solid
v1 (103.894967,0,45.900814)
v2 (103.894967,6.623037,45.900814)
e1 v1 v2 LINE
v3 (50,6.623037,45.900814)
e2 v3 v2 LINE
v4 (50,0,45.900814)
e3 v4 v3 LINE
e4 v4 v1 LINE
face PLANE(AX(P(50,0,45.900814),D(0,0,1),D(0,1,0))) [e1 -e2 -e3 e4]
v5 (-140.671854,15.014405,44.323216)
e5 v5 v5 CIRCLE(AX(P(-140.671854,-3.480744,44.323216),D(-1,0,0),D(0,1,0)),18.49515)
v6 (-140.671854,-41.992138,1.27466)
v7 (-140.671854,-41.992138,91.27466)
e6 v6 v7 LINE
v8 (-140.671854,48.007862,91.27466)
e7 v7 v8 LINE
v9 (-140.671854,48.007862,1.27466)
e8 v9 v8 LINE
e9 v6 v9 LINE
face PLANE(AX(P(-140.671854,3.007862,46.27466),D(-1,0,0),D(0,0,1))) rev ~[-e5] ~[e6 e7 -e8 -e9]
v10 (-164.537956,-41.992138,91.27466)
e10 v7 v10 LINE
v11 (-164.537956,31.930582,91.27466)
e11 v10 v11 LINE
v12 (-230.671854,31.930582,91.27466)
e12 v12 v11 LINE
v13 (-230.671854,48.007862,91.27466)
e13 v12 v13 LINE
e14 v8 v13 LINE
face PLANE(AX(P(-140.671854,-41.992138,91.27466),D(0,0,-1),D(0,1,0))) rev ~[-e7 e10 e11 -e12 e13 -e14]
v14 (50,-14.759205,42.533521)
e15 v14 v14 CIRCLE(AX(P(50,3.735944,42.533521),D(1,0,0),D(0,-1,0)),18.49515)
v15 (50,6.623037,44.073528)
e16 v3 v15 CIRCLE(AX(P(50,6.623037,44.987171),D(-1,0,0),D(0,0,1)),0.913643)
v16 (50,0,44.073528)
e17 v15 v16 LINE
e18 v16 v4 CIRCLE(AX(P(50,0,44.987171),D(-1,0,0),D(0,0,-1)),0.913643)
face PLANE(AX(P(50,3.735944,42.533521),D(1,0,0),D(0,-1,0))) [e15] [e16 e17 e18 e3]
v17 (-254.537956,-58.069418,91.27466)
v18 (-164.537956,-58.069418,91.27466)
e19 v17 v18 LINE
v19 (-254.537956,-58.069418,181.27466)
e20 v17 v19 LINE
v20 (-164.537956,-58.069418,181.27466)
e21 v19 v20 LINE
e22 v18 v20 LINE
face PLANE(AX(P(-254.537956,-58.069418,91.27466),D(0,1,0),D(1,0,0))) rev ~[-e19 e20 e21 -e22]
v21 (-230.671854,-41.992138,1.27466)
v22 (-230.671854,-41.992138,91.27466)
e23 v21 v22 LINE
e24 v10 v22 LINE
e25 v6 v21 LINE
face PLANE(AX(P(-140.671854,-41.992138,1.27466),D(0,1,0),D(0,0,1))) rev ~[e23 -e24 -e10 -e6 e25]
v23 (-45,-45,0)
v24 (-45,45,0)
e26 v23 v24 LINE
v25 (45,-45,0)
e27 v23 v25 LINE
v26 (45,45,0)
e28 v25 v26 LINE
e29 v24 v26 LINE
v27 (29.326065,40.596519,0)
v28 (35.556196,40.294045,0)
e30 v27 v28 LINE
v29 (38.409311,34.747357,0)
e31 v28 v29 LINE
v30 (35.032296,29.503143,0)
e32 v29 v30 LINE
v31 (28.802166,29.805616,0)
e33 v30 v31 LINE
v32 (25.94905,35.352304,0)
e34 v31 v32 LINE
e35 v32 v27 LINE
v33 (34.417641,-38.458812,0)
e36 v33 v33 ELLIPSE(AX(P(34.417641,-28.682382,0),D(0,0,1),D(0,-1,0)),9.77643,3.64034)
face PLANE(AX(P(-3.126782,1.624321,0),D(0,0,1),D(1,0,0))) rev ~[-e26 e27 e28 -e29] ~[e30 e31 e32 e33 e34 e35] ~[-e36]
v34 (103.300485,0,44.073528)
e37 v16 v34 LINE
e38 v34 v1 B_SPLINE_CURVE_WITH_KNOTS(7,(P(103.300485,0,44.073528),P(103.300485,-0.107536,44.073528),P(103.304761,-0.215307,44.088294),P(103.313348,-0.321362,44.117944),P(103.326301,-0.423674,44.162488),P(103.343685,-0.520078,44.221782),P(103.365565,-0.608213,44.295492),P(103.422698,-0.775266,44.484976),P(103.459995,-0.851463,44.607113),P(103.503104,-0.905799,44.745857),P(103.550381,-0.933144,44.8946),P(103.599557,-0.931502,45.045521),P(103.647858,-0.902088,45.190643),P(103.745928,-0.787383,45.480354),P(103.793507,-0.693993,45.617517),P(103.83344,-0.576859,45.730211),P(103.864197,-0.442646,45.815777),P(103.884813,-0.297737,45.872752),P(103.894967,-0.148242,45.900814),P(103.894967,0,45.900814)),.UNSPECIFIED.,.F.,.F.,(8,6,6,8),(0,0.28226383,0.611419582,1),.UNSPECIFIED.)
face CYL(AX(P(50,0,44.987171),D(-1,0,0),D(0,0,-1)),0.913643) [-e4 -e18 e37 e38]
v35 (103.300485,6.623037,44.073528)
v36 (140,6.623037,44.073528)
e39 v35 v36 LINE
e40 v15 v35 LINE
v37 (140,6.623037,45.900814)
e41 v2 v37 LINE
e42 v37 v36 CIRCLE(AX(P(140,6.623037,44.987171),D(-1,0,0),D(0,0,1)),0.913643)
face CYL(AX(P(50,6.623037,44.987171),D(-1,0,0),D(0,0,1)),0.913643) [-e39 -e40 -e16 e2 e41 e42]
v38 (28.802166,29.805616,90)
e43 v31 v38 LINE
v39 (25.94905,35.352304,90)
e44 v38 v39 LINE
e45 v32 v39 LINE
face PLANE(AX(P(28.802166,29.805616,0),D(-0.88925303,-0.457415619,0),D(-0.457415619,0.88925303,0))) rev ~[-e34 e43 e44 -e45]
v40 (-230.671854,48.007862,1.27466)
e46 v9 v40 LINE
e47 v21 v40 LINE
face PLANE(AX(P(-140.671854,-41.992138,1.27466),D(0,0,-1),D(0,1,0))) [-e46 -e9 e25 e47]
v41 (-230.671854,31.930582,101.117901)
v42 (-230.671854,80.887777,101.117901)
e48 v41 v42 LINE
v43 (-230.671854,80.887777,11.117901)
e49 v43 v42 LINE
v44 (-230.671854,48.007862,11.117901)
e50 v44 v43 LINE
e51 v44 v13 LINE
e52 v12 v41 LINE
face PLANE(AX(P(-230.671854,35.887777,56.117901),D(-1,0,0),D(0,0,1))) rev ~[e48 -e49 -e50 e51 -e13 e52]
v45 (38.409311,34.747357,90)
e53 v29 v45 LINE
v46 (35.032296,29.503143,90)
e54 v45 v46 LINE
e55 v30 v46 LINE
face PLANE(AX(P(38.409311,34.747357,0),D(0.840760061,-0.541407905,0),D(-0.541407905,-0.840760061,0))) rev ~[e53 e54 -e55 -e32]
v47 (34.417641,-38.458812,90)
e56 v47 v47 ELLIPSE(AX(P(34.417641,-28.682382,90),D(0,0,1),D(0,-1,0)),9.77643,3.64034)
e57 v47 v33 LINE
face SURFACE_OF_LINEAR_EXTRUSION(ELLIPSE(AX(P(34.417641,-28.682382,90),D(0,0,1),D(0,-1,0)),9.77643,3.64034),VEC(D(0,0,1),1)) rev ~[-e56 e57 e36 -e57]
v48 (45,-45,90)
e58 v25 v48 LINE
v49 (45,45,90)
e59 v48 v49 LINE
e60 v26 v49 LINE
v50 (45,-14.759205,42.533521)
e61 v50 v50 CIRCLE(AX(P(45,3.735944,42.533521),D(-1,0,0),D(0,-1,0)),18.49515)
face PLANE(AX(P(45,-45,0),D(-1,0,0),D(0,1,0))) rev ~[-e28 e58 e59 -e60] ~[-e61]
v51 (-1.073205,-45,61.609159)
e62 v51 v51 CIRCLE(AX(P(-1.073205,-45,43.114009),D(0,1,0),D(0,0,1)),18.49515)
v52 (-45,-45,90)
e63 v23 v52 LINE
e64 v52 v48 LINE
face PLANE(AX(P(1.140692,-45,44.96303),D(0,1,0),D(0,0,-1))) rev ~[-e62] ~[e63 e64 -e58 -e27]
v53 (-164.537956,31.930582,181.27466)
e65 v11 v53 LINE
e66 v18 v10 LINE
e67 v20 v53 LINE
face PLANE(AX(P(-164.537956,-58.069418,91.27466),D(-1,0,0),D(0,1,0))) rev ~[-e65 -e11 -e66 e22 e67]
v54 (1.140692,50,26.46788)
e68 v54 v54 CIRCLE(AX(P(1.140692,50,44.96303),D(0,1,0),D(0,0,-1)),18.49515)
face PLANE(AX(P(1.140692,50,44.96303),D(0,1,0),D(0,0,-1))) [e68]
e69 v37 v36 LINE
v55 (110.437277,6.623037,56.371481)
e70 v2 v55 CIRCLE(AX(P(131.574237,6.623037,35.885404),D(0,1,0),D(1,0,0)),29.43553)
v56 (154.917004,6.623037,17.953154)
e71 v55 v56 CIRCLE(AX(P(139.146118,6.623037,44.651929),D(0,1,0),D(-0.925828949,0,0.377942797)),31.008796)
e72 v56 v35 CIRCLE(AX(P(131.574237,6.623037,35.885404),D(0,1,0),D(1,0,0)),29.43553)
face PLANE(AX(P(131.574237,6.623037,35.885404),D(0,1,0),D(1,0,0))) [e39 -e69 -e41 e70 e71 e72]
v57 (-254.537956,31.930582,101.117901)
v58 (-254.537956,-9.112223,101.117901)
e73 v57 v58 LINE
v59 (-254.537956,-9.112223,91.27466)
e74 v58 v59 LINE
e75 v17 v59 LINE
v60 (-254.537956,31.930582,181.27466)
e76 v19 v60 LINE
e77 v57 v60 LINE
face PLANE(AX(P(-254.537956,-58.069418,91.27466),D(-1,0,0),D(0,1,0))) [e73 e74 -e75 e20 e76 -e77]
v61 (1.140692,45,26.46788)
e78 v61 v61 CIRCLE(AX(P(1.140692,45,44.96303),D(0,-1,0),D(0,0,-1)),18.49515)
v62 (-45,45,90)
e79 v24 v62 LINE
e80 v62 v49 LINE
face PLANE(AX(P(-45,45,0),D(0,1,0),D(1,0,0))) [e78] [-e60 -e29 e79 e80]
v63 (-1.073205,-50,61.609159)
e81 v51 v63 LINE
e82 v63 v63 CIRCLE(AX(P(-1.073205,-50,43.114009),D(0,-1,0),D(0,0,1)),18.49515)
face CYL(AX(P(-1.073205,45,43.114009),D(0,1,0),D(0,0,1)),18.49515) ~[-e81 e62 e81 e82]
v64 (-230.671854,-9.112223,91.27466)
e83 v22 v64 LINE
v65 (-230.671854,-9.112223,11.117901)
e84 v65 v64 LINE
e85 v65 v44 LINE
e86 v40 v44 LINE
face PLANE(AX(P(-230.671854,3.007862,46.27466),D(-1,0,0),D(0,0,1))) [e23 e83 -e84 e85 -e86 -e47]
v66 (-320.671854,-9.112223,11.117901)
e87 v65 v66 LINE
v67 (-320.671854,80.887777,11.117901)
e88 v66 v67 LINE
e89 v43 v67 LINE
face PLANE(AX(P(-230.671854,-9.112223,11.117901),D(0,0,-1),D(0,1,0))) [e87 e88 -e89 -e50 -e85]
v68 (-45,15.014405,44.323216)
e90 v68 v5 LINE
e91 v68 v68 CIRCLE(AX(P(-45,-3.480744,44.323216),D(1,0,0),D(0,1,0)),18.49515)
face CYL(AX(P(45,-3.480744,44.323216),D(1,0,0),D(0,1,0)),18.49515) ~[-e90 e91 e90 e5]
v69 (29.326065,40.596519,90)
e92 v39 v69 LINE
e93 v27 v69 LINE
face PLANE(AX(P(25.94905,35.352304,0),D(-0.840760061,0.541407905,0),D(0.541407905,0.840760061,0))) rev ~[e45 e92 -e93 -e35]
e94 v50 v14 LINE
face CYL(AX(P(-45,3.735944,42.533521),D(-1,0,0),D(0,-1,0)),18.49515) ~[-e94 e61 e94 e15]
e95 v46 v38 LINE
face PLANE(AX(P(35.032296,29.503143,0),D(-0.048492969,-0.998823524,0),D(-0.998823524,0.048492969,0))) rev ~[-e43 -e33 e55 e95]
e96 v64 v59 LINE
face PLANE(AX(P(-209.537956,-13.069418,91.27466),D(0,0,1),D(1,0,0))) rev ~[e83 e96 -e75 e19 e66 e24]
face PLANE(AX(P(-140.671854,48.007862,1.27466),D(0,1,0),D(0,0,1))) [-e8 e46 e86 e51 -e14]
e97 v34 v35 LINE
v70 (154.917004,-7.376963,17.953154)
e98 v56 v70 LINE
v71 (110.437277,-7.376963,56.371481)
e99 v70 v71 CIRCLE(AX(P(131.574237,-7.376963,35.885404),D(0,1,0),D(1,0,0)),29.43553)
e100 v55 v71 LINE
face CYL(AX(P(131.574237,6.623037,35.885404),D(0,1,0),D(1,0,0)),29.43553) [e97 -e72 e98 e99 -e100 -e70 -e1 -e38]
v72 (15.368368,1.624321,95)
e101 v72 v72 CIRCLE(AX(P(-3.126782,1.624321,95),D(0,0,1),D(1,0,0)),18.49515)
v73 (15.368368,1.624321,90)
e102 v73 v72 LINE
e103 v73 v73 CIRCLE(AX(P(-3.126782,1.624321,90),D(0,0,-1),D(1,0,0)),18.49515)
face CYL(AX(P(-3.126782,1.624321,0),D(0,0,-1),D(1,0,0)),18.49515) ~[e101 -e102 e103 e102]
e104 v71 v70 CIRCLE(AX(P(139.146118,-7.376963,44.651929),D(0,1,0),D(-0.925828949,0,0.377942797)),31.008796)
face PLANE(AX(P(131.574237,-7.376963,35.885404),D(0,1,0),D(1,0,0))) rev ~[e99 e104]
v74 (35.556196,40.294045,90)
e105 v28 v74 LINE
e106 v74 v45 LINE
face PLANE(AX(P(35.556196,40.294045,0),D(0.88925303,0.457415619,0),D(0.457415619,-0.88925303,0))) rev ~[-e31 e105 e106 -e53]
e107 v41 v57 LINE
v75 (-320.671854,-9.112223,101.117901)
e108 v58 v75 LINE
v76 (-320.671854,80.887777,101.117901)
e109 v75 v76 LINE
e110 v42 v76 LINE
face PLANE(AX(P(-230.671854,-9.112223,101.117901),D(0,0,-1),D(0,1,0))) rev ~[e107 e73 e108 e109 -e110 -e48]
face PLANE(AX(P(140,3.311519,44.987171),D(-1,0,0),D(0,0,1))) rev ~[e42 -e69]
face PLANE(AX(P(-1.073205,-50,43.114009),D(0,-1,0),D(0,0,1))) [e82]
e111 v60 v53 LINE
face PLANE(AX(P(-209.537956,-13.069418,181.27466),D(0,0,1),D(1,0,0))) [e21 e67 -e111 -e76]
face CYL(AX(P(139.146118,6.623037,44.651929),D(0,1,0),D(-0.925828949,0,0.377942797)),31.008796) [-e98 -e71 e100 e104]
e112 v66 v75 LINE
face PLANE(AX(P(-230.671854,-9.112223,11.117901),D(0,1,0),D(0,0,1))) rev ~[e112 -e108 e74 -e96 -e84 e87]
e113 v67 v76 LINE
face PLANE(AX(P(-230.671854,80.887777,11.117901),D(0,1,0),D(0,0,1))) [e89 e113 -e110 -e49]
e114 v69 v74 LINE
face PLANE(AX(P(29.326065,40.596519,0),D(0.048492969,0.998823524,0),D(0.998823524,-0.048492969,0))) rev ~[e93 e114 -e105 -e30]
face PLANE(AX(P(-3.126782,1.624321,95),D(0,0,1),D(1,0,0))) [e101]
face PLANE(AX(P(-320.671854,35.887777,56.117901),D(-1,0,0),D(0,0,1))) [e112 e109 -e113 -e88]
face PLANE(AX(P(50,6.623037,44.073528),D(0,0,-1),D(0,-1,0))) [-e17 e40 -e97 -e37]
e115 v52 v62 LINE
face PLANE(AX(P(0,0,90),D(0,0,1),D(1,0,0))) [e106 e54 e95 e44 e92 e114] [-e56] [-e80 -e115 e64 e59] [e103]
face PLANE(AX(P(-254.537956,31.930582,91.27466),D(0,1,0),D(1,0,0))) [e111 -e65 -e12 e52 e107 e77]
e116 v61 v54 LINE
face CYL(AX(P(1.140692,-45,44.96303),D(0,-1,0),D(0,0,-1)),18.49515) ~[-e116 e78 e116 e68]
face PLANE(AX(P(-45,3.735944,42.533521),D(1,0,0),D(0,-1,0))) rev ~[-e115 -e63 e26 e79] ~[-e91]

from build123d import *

# Parameters (mm, degrees)
SKETCH1_W                = 90
SKETCH1_H                = 90
BOSS_EXTRUDE1_DEPTH      = 90
BOSS_EXTRUDE2_DEPTH      = 5
BOSS_EXTRUDE2_DEPTH_BACK = 90
SKETCH2_R                = 18.495149705
BOSS_EXTRUDE3_DEPTH      = 5
BOSS_EXTRUDE3_DEPTH_BACK = 90
SKETCH3_R                = 18.495149705
BOSS_EXTRUDE4_DEPTH      = 5
BOSS_EXTRUDE4_DEPTH_BACK = 90
SKETCH4_R                = 18.495149705
BOSS_EXTRUDE5_DEPTH      = 95.671853643
BOSS_EXTRUDE5_DEPTH_BACK = 90
SKETCH5_R                = 18.495149705
BOSS_EXTRUDE6_DEPTH      = 5
BOSS_EXTRUDE6_DEPTH_BACK = 90
SKETCH6_R                = 18.495149705
CUT_EXTRUDE1_DEPTH       = 90
SKETCH8_RX               = 9.776430477
SKETCH8_RY               = 3.640340221
CUT_EXTRUDE2_DEPTH       = 90
BOSS_EXTRUDE7_DEPTH      = 90
SKETCH10_R               = 29.435529535
SKETCH10_R_2             = 31.00879633
BOSS_EXTRUDE10_DEPTH     = 14
SKETCH11_W               = 90
SKETCH11_H               = 90
BOSS_EXTRUDE11_DEPTH     = 90
SKETCH14_W               = 90
SKETCH14_H               = 90
BOSS_EXTRUDE12_DEPTH     = 90
SKETCH15_W               = 90
SKETCH15_H               = 90
BOSS_EXTRUDE13_DEPTH     = 90


with BuildPart() as part:
    # Sketch1 → Boss-Extrude1 (new body)
    with BuildSketch(Plane.XY):
        Rectangle(SKETCH1_W, SKETCH1_H)
    extrude(amount=BOSS_EXTRUDE1_DEPTH)

    # Sketch2 → Boss-Extrude2 (add, two sides: drawn at the far end of the back side and taken through both)
    with BuildSketch(Plane(origin=(45, 0, 0), x_dir=(0, 0, -1), z_dir=(1, 0, 0)).offset(-BOSS_EXTRUDE2_DEPTH_BACK)):
        with Locations(Location((-42.533520746, 3.735944486, 0), (0, 0, 270))):
            Circle(SKETCH2_R)
    extrude(amount=BOSS_EXTRUDE2_DEPTH + BOSS_EXTRUDE2_DEPTH_BACK)

    # Sketch3 → Boss-Extrude3 (add, two sides: drawn at the far end of the back side and taken through both)
    with BuildSketch(Plane.XY.offset(90).offset(-BOSS_EXTRUDE3_DEPTH_BACK)):
        with Locations((-3.126781539, 1.624320901)):
            Circle(SKETCH3_R)
    extrude(amount=BOSS_EXTRUDE3_DEPTH + BOSS_EXTRUDE3_DEPTH_BACK)

    # Sketch4 → Boss-Extrude4 (add, two sides: drawn at the far end of the back side and taken through both)
    with BuildSketch(Plane(origin=(0, 45, 0), x_dir=(0, 0, -1), z_dir=(0, 1, 0)).offset(-BOSS_EXTRUDE4_DEPTH_BACK)):
        with Locations((-44.963029761, -1.140691585)):
            Circle(SKETCH4_R)
    extrude(amount=BOSS_EXTRUDE4_DEPTH + BOSS_EXTRUDE4_DEPTH_BACK)

    # Sketch5 → Boss-Extrude5 (add, two sides: drawn at the far end of the back side and taken through both)
    with BuildSketch(Plane.ZY.offset(45).offset(-BOSS_EXTRUDE5_DEPTH_BACK)):
        with Locations(Location((44.323215706, -3.480744369, 0), (0, 0, 90))):
            Circle(SKETCH5_R)
    extrude(amount=BOSS_EXTRUDE5_DEPTH + BOSS_EXTRUDE5_DEPTH_BACK)

    # Sketch6 → Boss-Extrude6 (add, two sides: drawn at the far end of the back side and taken through both)
    with BuildSketch(Plane(origin=(0, -45, 0), x_dir=(0, 0, -1), z_dir=(0, -1, 0)).offset(-BOSS_EXTRUDE6_DEPTH_BACK)):
        with Locations(Location((-43.114009277, -1.073204684, 0), (0, 0, 180))):
            Circle(SKETCH6_R)
    extrude(amount=BOSS_EXTRUDE6_DEPTH + BOSS_EXTRUDE6_DEPTH_BACK)

    # Sketch7 → Cut-Extrude1 (cut)
    with BuildSketch(Plane(origin=(0, 0, 0), x_dir=(-1, 0, 0), z_dir=(0, 0, -1))):
        Polygon((-28.802165797, 29.805616158), (-25.949050166, 35.352304143), (-29.326065052, 40.596518751), (-35.556195569, 40.294045375), (-38.4093112, 34.747357391), (-35.032296314, 29.503142782), align=None)
    extrude(amount=-CUT_EXTRUDE1_DEPTH, mode=Mode.SUBTRACT)

    # Sketch8 → Cut-Extrude2 (cut)
    with BuildSketch(Plane.XY.offset(90)):
        with Locations(Location((34.417640855, -28.6823815), (0, 0, -90))):
            Ellipse(SKETCH8_RX, SKETCH8_RY)
    extrude(amount=-CUT_EXTRUDE2_DEPTH, mode=Mode.SUBTRACT)

    # Sketch9 → Boss-Extrude7 (add)
    with BuildSketch(Plane(origin=(50, 0, 0), x_dir=(0, 0, -1), z_dir=(1, 0, 0))):
        with BuildLine():
            Line((-44.073528041, 6.623037359), (-44.073528041, 0))
            ThreePointArc((-44.073528041, 0), (-44.987170795, -0.913642754), (-45.900813549, 0))
            Line((-45.900813549, 0), (-45.900813549, 6.623037359))
            ThreePointArc((-45.900813549, 6.623037359), (-44.987170795, 7.536680113), (-44.073528041, 6.623037359))
        make_face()
    extrude(amount=BOSS_EXTRUDE7_DEPTH)

    # Sketch10 → Boss-Extrude10 (add)
    with BuildSketch(Plane(origin=(140, 6.623037359, 44.073528041), x_dir=(1, 0, 0), z_dir=(0, 1, 0))):
        with Locations((-8.425763271, 8.188123623)):
            Circle(SKETCH10_R)
        with Locations((-0.853882083, -0.578401306)):
            Circle(SKETCH10_R_2)
    extrude(amount=-BOSS_EXTRUDE10_DEPTH)

    # Sketch11 → Boss-Extrude11 (add)
    with BuildSketch(Plane.ZY.offset(140.671853643)):
        with Locations((46.274660301, 3.007862201)):
            Rectangle(SKETCH11_W, SKETCH11_H)
    extrude(amount=BOSS_EXTRUDE11_DEPTH)

    # Sketch14 → Boss-Extrude12 (add)
    with BuildSketch(Plane.XY.offset(91.274660301)):
        with Locations((-209.537955893, -13.069417981)):
            Rectangle(SKETCH14_W, SKETCH14_H)
    extrude(amount=BOSS_EXTRUDE12_DEPTH)

    # Sketch15 → Boss-Extrude13 (add)
    with BuildSketch(Plane.ZY.offset(230.671853643)):
        with Locations((56.117901354, 35.887776579)):
            Rectangle(SKETCH15_W, SKETCH15_H)
    extrude(amount=BOSS_EXTRUDE13_DEPTH)


solid = part.part
